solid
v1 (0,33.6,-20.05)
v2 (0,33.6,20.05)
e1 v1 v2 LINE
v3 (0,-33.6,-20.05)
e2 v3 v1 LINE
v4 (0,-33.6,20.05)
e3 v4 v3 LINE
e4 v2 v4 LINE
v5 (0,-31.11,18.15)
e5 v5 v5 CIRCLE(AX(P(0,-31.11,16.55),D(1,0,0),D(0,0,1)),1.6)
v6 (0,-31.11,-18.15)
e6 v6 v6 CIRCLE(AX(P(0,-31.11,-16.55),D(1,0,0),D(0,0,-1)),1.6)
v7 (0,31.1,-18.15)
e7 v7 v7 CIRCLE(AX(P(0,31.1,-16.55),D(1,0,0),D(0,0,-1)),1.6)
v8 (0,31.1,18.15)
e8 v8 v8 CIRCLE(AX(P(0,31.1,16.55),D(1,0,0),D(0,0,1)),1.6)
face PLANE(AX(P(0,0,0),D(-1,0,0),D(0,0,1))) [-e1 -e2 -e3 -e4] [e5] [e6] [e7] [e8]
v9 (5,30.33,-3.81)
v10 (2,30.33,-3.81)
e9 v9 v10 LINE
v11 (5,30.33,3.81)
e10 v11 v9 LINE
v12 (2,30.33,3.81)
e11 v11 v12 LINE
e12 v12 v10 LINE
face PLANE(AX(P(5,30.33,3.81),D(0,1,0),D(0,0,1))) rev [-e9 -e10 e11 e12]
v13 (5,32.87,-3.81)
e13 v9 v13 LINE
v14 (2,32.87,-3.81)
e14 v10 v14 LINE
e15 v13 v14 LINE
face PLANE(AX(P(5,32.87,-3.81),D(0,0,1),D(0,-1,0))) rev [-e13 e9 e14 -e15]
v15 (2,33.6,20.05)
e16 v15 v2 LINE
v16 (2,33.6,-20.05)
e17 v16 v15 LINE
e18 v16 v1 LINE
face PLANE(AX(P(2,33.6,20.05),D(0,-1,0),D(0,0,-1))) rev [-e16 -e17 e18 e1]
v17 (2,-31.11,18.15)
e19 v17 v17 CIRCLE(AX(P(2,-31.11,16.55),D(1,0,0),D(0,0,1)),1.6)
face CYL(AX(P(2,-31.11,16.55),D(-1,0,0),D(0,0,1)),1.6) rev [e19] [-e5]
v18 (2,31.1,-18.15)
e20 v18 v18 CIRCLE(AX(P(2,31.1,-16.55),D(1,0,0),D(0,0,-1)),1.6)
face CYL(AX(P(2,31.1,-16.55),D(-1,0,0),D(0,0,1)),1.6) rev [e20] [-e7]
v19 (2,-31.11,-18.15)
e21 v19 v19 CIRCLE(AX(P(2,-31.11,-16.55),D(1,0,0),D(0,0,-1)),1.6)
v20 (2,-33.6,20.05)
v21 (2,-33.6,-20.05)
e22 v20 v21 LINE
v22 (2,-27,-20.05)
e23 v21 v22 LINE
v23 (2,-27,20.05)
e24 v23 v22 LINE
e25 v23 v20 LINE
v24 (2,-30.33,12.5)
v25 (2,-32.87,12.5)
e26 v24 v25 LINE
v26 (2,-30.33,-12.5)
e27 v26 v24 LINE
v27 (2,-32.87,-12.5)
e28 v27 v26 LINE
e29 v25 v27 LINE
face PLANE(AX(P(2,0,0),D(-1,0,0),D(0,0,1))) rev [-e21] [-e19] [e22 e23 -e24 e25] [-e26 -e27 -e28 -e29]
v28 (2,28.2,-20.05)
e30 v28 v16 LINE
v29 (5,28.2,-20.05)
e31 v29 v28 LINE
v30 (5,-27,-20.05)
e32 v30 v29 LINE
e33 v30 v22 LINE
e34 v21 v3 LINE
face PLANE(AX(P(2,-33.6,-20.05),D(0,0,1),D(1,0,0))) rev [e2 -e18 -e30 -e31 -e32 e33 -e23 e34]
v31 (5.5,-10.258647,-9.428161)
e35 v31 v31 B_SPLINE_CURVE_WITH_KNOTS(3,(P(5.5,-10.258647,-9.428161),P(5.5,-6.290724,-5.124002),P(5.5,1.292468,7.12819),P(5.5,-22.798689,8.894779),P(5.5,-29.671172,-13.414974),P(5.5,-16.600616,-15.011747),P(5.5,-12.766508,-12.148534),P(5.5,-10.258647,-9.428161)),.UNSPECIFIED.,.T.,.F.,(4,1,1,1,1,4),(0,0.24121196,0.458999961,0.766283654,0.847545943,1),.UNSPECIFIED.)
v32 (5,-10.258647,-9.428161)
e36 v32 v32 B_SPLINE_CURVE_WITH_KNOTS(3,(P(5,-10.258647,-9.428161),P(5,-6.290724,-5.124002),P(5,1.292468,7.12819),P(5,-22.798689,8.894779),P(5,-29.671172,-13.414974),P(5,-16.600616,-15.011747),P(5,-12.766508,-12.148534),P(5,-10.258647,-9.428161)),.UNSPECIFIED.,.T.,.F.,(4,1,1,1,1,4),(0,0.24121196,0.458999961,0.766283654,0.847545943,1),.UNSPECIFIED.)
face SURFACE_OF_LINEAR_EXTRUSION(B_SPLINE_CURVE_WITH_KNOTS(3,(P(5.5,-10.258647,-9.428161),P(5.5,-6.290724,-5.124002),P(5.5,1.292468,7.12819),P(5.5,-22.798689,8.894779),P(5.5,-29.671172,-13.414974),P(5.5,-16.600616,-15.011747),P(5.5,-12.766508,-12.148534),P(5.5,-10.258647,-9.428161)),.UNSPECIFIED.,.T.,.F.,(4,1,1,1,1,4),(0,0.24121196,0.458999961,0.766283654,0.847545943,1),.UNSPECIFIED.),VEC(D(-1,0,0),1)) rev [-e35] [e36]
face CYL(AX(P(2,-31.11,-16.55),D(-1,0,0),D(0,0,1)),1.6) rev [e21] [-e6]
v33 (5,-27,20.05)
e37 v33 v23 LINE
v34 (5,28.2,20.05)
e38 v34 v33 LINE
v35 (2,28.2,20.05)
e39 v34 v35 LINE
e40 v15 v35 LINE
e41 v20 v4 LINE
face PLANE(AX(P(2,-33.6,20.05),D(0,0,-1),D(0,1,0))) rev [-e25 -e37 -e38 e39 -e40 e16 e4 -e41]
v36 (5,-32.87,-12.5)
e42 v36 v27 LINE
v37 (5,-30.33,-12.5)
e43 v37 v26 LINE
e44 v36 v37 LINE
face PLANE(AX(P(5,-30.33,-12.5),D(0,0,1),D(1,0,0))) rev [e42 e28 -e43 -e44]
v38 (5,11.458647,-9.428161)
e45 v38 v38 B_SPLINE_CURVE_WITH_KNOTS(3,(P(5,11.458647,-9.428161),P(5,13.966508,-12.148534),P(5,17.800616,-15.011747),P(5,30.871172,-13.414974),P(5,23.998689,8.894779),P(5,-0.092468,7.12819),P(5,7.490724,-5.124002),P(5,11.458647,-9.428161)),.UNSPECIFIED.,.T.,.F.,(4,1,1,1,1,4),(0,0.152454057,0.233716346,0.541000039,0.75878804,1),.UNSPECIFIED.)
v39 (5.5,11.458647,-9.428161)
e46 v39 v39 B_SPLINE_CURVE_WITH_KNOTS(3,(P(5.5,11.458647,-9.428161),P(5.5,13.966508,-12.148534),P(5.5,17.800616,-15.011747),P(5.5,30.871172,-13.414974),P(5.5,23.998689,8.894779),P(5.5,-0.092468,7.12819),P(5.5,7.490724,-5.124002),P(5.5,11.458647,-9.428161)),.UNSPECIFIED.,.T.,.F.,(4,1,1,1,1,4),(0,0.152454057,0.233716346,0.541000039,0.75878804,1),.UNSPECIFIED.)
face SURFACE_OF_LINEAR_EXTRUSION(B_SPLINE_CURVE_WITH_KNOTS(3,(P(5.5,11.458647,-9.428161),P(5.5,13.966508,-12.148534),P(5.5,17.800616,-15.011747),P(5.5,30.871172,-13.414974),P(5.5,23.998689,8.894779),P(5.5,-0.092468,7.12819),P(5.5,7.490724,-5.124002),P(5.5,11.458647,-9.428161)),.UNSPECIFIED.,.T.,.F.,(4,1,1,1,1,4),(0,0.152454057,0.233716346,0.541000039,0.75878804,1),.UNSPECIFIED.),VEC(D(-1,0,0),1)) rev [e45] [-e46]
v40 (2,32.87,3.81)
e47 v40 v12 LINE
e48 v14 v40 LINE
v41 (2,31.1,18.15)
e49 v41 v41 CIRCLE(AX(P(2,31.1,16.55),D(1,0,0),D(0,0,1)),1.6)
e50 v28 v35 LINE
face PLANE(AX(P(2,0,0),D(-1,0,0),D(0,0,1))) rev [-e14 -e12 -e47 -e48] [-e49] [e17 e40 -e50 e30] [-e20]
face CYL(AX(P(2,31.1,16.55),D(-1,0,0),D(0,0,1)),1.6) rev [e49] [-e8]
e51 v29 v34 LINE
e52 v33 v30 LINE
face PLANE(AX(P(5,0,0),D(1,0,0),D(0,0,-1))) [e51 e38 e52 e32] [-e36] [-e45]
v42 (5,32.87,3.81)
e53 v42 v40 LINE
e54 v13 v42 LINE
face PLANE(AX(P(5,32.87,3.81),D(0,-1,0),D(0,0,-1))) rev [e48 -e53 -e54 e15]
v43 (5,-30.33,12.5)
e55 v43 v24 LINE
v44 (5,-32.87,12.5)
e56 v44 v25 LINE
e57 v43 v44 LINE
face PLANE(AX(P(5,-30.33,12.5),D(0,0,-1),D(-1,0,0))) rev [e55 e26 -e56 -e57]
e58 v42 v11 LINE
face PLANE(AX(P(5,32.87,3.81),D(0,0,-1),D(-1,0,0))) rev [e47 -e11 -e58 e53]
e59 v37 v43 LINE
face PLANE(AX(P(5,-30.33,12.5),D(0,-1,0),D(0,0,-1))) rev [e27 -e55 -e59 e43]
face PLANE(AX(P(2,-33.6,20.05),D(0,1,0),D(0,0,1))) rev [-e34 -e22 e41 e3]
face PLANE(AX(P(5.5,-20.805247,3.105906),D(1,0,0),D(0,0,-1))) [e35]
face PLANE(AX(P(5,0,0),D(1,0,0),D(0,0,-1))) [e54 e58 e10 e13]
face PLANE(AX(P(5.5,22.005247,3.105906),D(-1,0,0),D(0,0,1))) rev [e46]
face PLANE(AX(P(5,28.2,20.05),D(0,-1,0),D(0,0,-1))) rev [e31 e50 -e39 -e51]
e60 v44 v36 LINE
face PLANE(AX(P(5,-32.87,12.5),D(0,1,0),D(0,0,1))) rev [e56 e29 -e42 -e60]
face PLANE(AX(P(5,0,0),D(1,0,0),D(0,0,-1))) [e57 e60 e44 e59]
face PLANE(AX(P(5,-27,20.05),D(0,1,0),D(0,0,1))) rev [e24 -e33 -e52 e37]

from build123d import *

# Parameters (mm, degrees)
SKETCH1_W           = 40.1
SKETCH1_H           = 67.2
SKETCH1_R           = 1.6
BOSS_EXTRUDE1_DEPTH = 2
SKETCH2_W           = 40.1
SKETCH2_H           = 55.2
SKETCH2_W_2         = 25
SKETCH2_H_2         = 2.54
SKETCH2_W_3         = 7.62
BOSS_EXTRUDE2_DEPTH = 3
BOSS_EXTRUDE3_DEPTH = 0.5


with BuildPart() as part:
    # Sketch1 → Boss-Extrude1 (new body)
    with BuildSketch(Plane(origin=(0, 0, 0), x_dir=(0, 0, -1), z_dir=(1, 0, 0))):
        Rectangle(SKETCH1_W, SKETCH1_H)
        with Locations((16.55, 31.1)):
            Circle(SKETCH1_R, mode=Mode.SUBTRACT)
        with Locations((16.55, -31.11)):
            Circle(SKETCH1_R, mode=Mode.SUBTRACT)
        with Locations(Location((-16.55, -31.11, 0), (0, 0, 180))):
            Circle(SKETCH1_R, mode=Mode.SUBTRACT)
        with Locations(Location((-16.55, 31.1, 0), (0, 0, 180))):
            Circle(SKETCH1_R, mode=Mode.SUBTRACT)
    extrude(amount=BOSS_EXTRUDE1_DEPTH)

    # Sketch2 → Boss-Extrude2 (add)
    with BuildSketch(Plane(origin=(2, 0, 0), x_dir=(0, 0, -1), z_dir=(1, 0, 0))):
        with Locations((0, 0.6)):
            Rectangle(SKETCH2_W, SKETCH2_H)
        with Locations((0, -31.6)):
            Rectangle(SKETCH2_W_2, SKETCH2_H_2)
        with Locations((0, 31.6)):
            Rectangle(SKETCH2_W_3, SKETCH2_H_2)
    extrude(amount=BOSS_EXTRUDE2_DEPTH)

    # Sketch3 → Boss-Extrude3 (add)
    with BuildSketch(Plane(origin=(5, 0, 0), x_dir=(0, 0, -1), z_dir=(1, 0, 0))):
        with BuildLine():
            add(Edge.make_bspline(
                [(9.428160808, -10.258647158), (12.148533605, -12.766508078), (15.01174655, -16.60061625), (13.414973779, -29.671171948), (-8.894779227, -22.798689467), (-7.128189514, 1.292467688), (5.124002127, -6.290723583), (9.428160808, -10.258647158)],
                knots=[0, 0, 0, 0, 0.152454057, 0.233716346, 0.541000039, 0.75878804, 1, 1, 1, 1], degree=3))
        make_face()
        with BuildLine():
            add(Edge.make_bspline(
                [(9.428160808, 11.458647158), (12.148533605, 13.966508078), (15.01174655, 17.80061625), (13.414973779, 30.871171948), (-8.894779227, 23.998689467), (-7.128189514, -0.092467688), (5.124002127, 7.490723583), (9.428160808, 11.458647158)],
                knots=[0, 0, 0, 0, 0.152454057, 0.233716346, 0.541000039, 0.75878804, 1, 1, 1, 1], degree=3))
        make_face()
    extrude(amount=BOSS_EXTRUDE3_DEPTH)


solid = part.part
